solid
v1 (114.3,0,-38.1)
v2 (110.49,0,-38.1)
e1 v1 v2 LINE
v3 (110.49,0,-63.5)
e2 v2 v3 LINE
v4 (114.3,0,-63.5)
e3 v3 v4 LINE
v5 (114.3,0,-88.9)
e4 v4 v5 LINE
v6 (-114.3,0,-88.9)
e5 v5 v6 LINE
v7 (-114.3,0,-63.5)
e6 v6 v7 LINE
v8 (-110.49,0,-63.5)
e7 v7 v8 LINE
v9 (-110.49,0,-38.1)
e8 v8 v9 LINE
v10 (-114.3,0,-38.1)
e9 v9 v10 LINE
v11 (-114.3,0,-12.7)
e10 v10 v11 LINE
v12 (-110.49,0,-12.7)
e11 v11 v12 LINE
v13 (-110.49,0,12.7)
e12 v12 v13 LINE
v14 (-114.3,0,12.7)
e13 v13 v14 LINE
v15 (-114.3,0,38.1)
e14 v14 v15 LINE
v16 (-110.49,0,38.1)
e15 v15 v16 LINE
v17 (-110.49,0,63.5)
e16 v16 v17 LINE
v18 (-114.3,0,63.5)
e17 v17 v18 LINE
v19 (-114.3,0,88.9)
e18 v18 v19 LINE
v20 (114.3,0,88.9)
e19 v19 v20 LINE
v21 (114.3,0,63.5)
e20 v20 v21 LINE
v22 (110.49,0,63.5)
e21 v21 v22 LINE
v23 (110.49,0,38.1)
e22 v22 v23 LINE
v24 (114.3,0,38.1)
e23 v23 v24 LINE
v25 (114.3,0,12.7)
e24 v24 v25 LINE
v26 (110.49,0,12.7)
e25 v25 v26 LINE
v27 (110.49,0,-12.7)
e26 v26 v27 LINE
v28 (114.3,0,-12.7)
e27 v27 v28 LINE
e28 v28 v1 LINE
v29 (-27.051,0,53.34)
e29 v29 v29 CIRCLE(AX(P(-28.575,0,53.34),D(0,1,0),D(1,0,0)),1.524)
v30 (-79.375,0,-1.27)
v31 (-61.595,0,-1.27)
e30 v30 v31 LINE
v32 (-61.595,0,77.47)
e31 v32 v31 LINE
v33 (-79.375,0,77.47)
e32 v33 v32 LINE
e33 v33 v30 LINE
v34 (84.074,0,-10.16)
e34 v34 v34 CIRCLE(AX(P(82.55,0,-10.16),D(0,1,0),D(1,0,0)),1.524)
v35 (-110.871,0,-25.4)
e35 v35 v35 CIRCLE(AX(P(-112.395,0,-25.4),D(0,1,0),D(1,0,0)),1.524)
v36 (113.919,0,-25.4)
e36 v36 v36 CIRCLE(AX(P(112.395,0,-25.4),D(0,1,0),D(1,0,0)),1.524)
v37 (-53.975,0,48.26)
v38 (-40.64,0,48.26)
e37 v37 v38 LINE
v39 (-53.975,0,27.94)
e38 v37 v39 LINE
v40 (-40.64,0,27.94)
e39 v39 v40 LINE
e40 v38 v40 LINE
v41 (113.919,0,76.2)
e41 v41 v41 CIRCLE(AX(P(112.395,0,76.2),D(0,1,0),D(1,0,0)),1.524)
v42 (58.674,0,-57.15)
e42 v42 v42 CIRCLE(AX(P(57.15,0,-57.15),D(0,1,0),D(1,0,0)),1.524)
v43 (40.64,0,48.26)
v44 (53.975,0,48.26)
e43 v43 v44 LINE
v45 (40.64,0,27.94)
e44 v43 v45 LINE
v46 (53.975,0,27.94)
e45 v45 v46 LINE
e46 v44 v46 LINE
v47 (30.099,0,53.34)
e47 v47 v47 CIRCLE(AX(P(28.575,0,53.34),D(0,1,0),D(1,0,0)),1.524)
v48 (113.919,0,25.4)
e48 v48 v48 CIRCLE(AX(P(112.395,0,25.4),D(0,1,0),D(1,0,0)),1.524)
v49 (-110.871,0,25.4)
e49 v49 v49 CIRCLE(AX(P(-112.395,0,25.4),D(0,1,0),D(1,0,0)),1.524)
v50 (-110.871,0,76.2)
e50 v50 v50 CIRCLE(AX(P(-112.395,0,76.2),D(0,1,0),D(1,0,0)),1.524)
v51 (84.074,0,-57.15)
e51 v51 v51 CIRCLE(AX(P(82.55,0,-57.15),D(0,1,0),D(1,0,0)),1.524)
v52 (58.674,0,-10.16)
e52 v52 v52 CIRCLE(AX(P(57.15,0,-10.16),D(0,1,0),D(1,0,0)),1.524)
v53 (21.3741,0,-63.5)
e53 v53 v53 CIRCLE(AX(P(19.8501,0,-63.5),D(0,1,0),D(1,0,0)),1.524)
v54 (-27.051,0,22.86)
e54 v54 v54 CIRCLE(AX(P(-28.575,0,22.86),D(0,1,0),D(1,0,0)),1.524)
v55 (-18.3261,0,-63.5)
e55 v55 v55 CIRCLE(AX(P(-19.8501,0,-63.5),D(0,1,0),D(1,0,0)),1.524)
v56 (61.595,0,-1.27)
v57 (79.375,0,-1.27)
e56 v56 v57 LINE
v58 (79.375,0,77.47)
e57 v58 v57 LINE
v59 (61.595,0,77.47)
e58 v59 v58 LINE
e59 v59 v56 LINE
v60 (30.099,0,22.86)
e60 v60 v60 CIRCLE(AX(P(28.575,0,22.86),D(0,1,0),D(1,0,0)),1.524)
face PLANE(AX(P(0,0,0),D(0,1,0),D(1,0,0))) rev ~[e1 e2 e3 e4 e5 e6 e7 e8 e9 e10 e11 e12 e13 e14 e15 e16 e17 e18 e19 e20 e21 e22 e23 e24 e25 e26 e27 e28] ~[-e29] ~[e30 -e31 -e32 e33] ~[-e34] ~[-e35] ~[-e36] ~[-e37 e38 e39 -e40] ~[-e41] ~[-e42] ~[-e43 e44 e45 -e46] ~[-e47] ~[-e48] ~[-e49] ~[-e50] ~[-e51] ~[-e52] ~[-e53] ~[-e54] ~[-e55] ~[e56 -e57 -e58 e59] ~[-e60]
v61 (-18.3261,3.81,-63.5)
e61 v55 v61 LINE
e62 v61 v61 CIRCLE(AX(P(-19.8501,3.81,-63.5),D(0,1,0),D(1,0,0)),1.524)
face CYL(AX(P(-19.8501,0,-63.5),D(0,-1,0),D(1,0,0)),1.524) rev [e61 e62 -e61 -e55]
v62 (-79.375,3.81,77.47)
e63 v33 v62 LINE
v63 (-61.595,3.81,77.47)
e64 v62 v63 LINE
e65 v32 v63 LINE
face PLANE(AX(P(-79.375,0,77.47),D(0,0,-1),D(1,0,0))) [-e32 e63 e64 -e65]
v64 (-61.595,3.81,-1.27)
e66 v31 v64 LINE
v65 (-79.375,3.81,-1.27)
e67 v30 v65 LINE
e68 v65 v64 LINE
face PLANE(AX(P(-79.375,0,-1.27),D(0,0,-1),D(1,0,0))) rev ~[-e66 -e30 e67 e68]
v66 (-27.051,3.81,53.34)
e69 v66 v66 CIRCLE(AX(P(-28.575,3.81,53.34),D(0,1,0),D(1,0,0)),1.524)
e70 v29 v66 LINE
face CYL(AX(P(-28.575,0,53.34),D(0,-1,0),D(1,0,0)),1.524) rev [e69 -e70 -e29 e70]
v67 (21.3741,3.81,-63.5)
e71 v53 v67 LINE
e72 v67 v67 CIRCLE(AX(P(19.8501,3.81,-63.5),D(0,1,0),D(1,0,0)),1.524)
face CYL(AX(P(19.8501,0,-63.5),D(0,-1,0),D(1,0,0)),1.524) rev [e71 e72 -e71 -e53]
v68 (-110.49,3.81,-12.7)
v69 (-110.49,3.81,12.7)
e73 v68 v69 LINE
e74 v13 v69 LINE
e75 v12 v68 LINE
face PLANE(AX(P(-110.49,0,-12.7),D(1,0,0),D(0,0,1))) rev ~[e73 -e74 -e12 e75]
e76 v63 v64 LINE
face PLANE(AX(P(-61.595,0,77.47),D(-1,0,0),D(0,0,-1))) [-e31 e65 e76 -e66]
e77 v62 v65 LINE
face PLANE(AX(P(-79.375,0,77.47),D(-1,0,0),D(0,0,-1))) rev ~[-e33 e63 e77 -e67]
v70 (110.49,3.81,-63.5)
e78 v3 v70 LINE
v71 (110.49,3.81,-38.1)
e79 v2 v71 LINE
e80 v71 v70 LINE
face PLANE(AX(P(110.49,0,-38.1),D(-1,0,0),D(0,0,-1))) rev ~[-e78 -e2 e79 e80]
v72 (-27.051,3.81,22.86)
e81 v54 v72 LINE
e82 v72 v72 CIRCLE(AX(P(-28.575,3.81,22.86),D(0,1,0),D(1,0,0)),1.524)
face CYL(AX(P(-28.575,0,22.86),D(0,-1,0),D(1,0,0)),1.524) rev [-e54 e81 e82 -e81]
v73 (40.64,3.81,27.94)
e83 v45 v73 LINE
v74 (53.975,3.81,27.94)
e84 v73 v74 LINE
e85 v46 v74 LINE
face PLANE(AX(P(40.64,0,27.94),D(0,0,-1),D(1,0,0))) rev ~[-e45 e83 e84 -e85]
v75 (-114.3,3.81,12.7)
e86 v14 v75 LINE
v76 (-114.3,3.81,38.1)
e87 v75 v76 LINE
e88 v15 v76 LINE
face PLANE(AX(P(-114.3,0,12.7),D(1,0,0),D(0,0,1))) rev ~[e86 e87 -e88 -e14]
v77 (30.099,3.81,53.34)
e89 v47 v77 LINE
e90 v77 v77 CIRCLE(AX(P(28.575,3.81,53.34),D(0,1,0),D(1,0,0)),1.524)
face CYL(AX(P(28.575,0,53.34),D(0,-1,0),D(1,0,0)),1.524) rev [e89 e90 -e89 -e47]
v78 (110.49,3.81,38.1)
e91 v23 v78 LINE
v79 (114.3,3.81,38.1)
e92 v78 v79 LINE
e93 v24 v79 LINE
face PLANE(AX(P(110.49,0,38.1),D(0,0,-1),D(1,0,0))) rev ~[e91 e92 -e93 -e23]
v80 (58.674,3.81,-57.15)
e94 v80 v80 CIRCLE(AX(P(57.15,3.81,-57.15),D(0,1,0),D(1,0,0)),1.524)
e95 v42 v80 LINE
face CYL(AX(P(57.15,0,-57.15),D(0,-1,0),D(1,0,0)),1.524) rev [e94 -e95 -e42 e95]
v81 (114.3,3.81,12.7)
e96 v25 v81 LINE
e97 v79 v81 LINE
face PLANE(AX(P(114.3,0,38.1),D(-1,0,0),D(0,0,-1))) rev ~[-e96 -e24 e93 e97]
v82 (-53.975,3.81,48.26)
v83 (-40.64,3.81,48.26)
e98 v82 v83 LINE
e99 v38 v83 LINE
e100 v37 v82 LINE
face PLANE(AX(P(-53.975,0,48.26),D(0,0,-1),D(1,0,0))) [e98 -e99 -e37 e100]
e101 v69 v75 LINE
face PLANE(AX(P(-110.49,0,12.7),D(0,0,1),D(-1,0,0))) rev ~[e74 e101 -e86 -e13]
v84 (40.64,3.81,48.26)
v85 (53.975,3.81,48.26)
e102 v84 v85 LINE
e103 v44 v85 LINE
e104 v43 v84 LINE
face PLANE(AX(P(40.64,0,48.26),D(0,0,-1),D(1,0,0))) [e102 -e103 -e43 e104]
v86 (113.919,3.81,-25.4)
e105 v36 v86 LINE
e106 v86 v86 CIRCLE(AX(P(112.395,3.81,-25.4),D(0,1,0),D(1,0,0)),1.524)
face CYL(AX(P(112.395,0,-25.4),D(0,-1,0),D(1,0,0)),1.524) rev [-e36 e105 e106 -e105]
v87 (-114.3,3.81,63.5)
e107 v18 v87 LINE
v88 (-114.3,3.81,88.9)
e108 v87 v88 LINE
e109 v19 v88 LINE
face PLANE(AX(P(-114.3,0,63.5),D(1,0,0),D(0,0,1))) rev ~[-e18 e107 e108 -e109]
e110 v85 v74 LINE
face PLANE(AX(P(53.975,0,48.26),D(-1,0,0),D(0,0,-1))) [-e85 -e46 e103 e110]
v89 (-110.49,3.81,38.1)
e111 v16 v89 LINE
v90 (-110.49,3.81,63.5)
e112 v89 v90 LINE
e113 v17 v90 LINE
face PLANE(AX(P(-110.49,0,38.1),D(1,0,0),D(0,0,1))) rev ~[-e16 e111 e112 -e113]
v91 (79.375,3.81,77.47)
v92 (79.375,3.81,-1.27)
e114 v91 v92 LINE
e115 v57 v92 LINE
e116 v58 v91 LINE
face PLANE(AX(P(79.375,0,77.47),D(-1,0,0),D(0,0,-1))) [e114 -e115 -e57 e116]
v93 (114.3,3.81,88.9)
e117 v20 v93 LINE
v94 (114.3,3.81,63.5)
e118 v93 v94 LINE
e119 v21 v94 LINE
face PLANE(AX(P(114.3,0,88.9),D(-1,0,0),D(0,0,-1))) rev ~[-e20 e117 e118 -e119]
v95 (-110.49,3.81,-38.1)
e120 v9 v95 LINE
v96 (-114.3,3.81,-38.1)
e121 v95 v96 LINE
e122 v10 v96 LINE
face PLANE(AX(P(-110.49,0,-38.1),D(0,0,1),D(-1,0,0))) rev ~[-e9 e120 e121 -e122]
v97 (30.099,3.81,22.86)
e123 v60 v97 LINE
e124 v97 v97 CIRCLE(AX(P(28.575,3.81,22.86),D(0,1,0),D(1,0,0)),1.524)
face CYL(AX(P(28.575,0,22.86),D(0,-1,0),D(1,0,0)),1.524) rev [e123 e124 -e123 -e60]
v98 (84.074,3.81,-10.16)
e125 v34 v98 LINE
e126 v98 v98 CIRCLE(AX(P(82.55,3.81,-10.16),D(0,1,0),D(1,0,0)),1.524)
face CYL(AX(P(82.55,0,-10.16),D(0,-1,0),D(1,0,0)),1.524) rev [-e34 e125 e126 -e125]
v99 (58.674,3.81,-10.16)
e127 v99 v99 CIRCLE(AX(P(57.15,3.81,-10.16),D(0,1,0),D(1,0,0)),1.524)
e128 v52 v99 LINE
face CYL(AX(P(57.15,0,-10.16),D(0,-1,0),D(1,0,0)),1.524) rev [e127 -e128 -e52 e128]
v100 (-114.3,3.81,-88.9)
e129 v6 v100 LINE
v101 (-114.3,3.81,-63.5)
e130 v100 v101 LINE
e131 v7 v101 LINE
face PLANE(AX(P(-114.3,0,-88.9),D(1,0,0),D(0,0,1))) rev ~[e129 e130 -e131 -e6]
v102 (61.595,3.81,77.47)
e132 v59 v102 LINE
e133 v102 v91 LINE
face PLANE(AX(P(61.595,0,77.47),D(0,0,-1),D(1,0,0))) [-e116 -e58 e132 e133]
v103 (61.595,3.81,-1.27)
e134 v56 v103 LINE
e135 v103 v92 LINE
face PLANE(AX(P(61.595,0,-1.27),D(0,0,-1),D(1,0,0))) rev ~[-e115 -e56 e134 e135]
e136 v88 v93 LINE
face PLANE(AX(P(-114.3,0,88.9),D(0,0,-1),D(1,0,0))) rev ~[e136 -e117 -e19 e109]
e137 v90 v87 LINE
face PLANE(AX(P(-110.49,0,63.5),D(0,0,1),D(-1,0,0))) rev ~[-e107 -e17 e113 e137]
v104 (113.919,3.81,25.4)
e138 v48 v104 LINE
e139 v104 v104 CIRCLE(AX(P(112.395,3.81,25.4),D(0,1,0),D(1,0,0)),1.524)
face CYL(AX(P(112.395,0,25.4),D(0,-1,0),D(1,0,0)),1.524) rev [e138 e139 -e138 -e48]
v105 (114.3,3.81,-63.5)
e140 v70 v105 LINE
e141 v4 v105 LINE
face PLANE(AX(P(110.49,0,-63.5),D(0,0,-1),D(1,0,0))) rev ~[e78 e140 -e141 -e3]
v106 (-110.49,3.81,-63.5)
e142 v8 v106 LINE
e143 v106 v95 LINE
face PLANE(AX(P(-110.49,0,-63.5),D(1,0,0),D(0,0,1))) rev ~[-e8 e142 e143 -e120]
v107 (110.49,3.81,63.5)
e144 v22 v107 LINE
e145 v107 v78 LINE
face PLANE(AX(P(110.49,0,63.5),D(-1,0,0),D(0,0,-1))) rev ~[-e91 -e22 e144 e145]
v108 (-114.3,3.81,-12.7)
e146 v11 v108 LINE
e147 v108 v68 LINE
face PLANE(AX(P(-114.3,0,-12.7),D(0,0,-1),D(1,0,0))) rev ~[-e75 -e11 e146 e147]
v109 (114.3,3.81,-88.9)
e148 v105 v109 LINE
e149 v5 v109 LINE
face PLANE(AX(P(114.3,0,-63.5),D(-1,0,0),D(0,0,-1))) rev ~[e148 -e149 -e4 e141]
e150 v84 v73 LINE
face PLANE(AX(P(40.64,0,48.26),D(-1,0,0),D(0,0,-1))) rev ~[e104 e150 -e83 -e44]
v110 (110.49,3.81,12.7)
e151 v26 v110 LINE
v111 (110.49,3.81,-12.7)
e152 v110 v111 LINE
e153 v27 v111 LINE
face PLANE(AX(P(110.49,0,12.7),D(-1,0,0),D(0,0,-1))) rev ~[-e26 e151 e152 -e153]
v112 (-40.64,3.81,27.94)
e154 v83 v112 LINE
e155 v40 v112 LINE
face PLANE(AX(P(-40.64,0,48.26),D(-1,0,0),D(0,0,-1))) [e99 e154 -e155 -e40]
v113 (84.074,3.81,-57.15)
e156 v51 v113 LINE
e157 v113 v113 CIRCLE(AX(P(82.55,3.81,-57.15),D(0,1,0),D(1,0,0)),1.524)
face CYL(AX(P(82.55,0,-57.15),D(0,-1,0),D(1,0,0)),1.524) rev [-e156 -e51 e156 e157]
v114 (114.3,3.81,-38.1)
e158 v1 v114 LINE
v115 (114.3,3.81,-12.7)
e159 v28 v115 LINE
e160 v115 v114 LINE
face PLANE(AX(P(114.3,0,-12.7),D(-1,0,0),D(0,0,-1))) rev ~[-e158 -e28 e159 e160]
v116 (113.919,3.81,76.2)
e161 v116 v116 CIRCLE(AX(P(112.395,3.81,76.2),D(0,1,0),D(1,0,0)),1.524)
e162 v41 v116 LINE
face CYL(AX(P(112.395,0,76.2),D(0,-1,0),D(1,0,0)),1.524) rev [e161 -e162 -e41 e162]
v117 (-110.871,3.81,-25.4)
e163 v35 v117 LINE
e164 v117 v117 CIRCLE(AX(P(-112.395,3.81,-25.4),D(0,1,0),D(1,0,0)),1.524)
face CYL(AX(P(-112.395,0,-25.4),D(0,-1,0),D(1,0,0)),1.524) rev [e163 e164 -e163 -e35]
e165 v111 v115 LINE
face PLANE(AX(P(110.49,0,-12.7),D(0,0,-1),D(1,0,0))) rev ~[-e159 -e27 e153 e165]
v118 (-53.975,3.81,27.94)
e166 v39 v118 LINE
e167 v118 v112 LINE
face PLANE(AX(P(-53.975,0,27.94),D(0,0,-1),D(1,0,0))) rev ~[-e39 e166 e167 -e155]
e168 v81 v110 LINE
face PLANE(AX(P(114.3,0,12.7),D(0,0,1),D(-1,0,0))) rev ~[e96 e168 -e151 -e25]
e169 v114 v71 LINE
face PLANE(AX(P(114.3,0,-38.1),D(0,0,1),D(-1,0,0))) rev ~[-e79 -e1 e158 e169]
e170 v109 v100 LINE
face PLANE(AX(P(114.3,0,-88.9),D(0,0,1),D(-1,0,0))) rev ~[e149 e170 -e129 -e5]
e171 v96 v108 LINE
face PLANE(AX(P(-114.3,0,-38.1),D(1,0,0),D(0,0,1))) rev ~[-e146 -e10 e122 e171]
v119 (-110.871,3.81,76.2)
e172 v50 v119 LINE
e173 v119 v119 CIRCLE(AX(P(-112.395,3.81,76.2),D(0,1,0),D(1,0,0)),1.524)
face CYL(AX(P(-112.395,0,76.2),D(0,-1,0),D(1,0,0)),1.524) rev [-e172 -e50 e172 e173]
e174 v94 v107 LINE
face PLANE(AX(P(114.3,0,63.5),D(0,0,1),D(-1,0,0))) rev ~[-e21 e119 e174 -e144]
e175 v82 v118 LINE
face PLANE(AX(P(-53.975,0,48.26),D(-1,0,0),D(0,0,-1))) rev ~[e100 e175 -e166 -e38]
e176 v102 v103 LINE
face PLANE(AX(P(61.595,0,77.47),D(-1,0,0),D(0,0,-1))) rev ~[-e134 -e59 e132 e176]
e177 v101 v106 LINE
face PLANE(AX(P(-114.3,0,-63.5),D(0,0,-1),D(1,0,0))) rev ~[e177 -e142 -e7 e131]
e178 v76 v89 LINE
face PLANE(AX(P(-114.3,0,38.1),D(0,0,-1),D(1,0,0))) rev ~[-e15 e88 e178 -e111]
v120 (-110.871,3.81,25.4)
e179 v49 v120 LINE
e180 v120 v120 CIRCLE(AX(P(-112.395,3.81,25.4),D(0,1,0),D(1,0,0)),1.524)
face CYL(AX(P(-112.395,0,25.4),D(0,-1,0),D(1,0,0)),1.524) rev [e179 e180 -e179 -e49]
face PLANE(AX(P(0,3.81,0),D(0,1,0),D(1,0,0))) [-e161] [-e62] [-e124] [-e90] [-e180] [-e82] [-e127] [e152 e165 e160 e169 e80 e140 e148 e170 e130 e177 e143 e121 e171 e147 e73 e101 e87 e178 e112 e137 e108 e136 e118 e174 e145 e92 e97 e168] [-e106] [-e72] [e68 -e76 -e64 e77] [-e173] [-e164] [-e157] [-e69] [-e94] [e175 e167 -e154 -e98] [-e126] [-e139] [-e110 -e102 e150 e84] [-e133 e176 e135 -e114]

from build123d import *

# Parameters (mm, degrees)
SKETCH1_R           = 1.524
SKETCH1_W           = 13.335
SKETCH1_H           = 20.32
SKETCH1_W_2         = 17.78
SKETCH1_H_2         = 78.74
BOSS_EXTRUDE1_DEPTH = 3.81


with BuildPart() as part:
    # Sketch1 → Boss-Extrude1 (new body)
    with BuildSketch(Plane(origin=(0, 0, 0), x_dir=(1, 0, 0), z_dir=(0, 1, 0))):
        Polygon((-114.3, -88.9), (114.3, -88.9), (114.3, -63.5), (110.49, -63.5), (110.49, -38.1), (114.3, -38.1), (114.3, -12.7), (110.49, -12.7), (110.49, 12.7), (114.3, 12.7), (114.3, 38.1), (110.49, 38.1), (110.49, 63.5), (114.3, 63.5), (114.3, 88.9), (-114.3, 88.9), (-114.3, 63.5), (-110.49, 63.5), (-110.49, 38.1), (-114.3, 38.1), (-114.3, 12.7), (-110.49, 12.7), (-110.49, -12.7), (-114.3, -12.7), (-114.3, -38.1), (-110.49, -38.1), (-110.49, -63.5), (-114.3, -63.5), align=None)
        with Locations((-28.575, -22.86)):
            Circle(SKETCH1_R, mode=Mode.SUBTRACT)
        with Locations((-28.575, -53.34)):
            Circle(SKETCH1_R, mode=Mode.SUBTRACT)
        with Locations((28.575, -53.34)):
            Circle(SKETCH1_R, mode=Mode.SUBTRACT)
        with Locations((28.575, -22.86)):
            Circle(SKETCH1_R, mode=Mode.SUBTRACT)
        with Locations((57.15, 57.15)):
            Circle(SKETCH1_R, mode=Mode.SUBTRACT)
        with Locations((57.15, 10.16)):
            Circle(SKETCH1_R, mode=Mode.SUBTRACT)
        with Locations((82.55, 10.16)):
            Circle(SKETCH1_R, mode=Mode.SUBTRACT)
        with Locations((82.55, 57.15)):
            Circle(SKETCH1_R, mode=Mode.SUBTRACT)
        with Locations((112.395, -76.2)):
            Circle(SKETCH1_R, mode=Mode.SUBTRACT)
        with Locations((-112.395, -76.2)):
            Circle(SKETCH1_R, mode=Mode.SUBTRACT)
        with Locations((-112.395, -25.4)):
            Circle(SKETCH1_R, mode=Mode.SUBTRACT)
        with Locations((-112.395, 25.4)):
            Circle(SKETCH1_R, mode=Mode.SUBTRACT)
        with Locations((112.395, -25.4)):
            Circle(SKETCH1_R, mode=Mode.SUBTRACT)
        with Locations((112.395, 25.4)):
            Circle(SKETCH1_R, mode=Mode.SUBTRACT)
        with Locations((-19.8501, 63.5)):
            Circle(SKETCH1_R, mode=Mode.SUBTRACT)
        with Locations((19.8501, 63.5)):
            Circle(SKETCH1_R, mode=Mode.SUBTRACT)
        with Locations((-47.3075, -38.1)):
            Rectangle(SKETCH1_W, SKETCH1_H, mode=Mode.SUBTRACT)
        with Locations((70.485, -38.1)):
            Rectangle(SKETCH1_W_2, SKETCH1_H_2, mode=Mode.SUBTRACT)
        with Locations((-70.485, -38.1)):
            Rectangle(SKETCH1_W_2, SKETCH1_H_2, mode=Mode.SUBTRACT)
        with Locations((47.3075, -38.1)):
            Rectangle(SKETCH1_W, SKETCH1_H, mode=Mode.SUBTRACT)
    extrude(amount=BOSS_EXTRUDE1_DEPTH)


solid = part.part
